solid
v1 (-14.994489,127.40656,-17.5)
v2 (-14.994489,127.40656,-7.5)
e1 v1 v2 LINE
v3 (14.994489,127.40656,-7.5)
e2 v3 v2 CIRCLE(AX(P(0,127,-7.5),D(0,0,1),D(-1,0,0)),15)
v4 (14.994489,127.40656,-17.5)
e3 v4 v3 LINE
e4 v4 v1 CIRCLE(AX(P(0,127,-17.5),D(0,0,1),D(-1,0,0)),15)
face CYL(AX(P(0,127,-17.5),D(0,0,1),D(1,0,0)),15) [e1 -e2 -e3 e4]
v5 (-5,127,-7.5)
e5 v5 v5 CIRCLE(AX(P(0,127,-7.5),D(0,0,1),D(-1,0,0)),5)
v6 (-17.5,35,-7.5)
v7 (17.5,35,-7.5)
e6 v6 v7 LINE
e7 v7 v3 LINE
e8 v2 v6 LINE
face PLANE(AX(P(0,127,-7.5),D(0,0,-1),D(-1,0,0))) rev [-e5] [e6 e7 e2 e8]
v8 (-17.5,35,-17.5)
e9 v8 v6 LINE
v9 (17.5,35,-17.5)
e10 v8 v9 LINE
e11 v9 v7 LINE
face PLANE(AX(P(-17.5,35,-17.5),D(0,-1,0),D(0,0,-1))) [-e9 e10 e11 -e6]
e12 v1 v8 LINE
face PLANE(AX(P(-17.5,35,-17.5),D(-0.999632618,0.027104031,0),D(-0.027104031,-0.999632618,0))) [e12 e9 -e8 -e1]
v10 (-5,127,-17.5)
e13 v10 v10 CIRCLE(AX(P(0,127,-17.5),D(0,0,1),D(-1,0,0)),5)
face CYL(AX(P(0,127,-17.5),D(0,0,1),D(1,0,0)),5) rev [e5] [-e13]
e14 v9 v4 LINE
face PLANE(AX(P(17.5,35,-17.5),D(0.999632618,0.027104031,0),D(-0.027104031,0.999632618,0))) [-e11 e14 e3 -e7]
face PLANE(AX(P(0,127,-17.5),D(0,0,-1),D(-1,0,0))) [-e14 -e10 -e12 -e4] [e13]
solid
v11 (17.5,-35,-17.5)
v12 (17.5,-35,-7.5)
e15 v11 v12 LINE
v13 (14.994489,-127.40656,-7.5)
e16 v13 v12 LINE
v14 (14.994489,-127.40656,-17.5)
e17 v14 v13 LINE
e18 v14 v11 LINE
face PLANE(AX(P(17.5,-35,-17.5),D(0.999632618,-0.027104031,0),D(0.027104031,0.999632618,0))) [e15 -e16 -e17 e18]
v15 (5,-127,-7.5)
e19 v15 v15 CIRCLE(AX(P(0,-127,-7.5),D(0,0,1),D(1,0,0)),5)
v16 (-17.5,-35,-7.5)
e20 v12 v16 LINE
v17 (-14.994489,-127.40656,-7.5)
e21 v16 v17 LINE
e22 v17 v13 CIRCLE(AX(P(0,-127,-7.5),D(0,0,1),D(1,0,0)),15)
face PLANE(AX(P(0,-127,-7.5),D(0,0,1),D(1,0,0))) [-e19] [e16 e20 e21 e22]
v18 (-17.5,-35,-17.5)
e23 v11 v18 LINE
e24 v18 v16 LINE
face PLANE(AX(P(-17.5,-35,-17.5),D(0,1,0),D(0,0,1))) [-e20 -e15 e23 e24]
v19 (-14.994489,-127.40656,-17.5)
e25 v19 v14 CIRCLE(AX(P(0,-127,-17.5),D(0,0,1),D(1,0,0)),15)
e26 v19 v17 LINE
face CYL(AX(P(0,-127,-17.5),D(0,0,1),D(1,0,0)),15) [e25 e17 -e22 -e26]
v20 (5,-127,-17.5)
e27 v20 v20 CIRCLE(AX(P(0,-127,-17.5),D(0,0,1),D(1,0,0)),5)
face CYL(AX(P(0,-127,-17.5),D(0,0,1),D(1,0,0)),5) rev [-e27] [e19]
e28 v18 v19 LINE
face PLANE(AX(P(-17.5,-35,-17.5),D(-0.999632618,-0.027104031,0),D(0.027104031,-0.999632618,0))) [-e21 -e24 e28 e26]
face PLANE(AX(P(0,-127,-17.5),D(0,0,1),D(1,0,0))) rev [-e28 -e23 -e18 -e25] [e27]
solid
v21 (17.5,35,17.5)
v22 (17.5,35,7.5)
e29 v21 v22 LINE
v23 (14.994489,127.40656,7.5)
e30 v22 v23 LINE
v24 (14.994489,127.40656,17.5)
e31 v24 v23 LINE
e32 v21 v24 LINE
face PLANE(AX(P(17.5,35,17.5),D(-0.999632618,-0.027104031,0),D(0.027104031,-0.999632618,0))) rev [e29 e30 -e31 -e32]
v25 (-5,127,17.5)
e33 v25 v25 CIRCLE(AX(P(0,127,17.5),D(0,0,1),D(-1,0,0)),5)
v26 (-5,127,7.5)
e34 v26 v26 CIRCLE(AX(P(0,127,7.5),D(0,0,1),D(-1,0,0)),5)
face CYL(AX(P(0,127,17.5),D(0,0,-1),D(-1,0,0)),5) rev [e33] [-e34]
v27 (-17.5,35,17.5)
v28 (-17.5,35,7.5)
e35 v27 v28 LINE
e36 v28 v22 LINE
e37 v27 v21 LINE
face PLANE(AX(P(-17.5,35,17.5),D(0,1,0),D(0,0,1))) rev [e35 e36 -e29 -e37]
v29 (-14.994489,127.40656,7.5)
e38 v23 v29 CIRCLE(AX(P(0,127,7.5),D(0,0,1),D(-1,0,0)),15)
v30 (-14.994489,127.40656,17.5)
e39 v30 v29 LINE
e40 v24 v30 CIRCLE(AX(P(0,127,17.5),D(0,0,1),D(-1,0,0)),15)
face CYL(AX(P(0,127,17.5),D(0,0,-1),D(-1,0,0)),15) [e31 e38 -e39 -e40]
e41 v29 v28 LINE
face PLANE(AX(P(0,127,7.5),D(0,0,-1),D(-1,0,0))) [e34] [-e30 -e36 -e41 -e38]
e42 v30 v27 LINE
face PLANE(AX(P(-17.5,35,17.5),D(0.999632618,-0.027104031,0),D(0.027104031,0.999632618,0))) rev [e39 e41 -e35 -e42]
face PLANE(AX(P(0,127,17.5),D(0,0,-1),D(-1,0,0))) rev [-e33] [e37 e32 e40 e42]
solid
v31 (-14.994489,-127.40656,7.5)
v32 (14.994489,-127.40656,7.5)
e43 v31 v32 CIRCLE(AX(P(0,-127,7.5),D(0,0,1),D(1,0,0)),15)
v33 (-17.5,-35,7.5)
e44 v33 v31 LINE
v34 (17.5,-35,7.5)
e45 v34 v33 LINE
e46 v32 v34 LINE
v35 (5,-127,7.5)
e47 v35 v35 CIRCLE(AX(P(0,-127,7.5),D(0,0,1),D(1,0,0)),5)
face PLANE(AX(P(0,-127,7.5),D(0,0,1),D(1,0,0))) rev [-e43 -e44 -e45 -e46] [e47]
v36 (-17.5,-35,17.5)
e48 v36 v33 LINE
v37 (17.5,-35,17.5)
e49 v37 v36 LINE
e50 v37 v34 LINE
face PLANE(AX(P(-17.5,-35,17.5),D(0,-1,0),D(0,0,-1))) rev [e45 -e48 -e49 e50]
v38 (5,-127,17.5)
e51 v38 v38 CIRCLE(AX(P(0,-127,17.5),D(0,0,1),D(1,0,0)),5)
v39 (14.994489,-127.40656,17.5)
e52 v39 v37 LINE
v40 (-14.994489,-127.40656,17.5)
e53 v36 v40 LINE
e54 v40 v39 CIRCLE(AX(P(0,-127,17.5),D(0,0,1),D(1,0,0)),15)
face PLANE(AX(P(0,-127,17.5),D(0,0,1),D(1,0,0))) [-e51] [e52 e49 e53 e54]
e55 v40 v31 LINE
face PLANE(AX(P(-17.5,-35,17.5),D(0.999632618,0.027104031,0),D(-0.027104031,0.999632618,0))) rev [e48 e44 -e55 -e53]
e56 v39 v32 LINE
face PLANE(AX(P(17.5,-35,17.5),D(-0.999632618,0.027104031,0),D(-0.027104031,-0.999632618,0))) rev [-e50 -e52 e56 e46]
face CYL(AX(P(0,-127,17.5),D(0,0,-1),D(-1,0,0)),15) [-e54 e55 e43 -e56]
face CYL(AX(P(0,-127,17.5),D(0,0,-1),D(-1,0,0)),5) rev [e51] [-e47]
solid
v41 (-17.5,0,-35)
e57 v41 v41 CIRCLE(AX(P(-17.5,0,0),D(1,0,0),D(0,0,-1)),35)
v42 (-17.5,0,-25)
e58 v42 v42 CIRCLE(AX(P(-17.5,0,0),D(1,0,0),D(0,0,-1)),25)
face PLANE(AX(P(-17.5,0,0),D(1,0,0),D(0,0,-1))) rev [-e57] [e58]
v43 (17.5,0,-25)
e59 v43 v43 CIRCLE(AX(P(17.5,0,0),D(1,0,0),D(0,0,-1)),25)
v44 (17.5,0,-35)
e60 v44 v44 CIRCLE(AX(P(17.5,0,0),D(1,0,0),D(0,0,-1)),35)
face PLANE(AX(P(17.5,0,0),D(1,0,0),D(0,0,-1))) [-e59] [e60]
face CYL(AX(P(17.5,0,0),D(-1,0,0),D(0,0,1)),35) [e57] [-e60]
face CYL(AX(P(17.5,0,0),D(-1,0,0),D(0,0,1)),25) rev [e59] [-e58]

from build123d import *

# Parameters (mm, degrees)
SKETCH1_R             = 35
SKETCH1_R_2           = 25
BOSS_EXTRUDE1_DEPTH   = 17.5
SKETCH5_R             = 5
BOSS_EXTRUDE3_DEPTH   = 10
BOSS_EXTRUDE3_2_DEPTH = 10
SKETCH4_R             = 5
BOSS_EXTRUDE5_DEPTH   = 10
BOSS_EXTRUDE5_2_DEPTH = 10


with BuildPart() as part:
    # Sketch1 → Boss-Extrude1 (new body, symmetric)
    with BuildSketch(Plane(origin=(0, 0, 0), x_dir=(0, 0, -1), z_dir=(1, 0, 0))):
        Circle(SKETCH1_R)
        Circle(SKETCH1_R_2, mode=Mode.SUBTRACT)
    extrude(amount=BOSS_EXTRUDE1_DEPTH, both=True)


with BuildPart() as body_2:
    # Sketch5 → Boss-Extrude3 (new body)
    with BuildSketch(Plane.XY.offset(-7.5)):
        with BuildLine():
            Line((-17.5, -35), (-14.994489274, -127.40656046))
            ThreePointArc((-14.994489274, -127.40656046), (0, -142), (14.994489274, -127.40656046))
            Line((14.994489274, -127.40656046), (17.5, -35))
            Line((17.5, -35), (-17.5, -35))
        make_face()
        with Locations((0, -127)):
            Circle(SKETCH5_R, mode=Mode.SUBTRACT)
    extrude(amount=-BOSS_EXTRUDE3_DEPTH)


with BuildPart() as body_3:
    # Sketch5 → Boss-Extrude3 2 (new body)
    with BuildSketch(Plane.XY.offset(-7.5)):
        with BuildLine():
            Line((-17.5, 35), (17.5, 35))
            Line((17.5, 35), (14.994489274, 127.40656046))
            ThreePointArc((14.994489274, 127.40656046), (0, 142), (-14.994489274, 127.40656046))
            Line((-14.994489274, 127.40656046), (-17.5, 35))
        make_face()
        with Locations((0, 127)):
            Circle(SKETCH5_R, mode=Mode.SUBTRACT)
    extrude(amount=-BOSS_EXTRUDE3_2_DEPTH)


with BuildPart() as body_4:
    # Sketch4 → Boss-Extrude5 (new body)
    with BuildSketch(Plane.XY.offset(7.5)):
        with BuildLine():
            Line((-17.5, -35), (-14.994489274, -127.40656046))
            ThreePointArc((-14.994489274, -127.40656046), (0, -142), (14.994489274, -127.40656046))
            Line((14.994489274, -127.40656046), (17.5, -35))
            Line((17.5, -35), (-17.5, -35))
        make_face()
        with Locations((0, -127)):
            Circle(SKETCH4_R, mode=Mode.SUBTRACT)
    extrude(amount=BOSS_EXTRUDE5_DEPTH)


with BuildPart() as body_5:
    # Sketch4 → Boss-Extrude5 2 (new body)
    with BuildSketch(Plane.XY.offset(7.5)):
        with BuildLine():
            Line((-17.5, 35), (17.5, 35))
            Line((17.5, 35), (14.994489274, 127.40656046))
            ThreePointArc((14.994489274, 127.40656046), (0, 142), (-14.994489274, 127.40656046))
            Line((-14.994489274, 127.40656046), (-17.5, 35))
        make_face()
        with Locations((0, 127)):
            Circle(SKETCH4_R, mode=Mode.SUBTRACT)
    extrude(amount=BOSS_EXTRUDE5_2_DEPTH)


solid = Compound([part.part, body_2.part, body_3.part, body_4.part, body_5.part])
